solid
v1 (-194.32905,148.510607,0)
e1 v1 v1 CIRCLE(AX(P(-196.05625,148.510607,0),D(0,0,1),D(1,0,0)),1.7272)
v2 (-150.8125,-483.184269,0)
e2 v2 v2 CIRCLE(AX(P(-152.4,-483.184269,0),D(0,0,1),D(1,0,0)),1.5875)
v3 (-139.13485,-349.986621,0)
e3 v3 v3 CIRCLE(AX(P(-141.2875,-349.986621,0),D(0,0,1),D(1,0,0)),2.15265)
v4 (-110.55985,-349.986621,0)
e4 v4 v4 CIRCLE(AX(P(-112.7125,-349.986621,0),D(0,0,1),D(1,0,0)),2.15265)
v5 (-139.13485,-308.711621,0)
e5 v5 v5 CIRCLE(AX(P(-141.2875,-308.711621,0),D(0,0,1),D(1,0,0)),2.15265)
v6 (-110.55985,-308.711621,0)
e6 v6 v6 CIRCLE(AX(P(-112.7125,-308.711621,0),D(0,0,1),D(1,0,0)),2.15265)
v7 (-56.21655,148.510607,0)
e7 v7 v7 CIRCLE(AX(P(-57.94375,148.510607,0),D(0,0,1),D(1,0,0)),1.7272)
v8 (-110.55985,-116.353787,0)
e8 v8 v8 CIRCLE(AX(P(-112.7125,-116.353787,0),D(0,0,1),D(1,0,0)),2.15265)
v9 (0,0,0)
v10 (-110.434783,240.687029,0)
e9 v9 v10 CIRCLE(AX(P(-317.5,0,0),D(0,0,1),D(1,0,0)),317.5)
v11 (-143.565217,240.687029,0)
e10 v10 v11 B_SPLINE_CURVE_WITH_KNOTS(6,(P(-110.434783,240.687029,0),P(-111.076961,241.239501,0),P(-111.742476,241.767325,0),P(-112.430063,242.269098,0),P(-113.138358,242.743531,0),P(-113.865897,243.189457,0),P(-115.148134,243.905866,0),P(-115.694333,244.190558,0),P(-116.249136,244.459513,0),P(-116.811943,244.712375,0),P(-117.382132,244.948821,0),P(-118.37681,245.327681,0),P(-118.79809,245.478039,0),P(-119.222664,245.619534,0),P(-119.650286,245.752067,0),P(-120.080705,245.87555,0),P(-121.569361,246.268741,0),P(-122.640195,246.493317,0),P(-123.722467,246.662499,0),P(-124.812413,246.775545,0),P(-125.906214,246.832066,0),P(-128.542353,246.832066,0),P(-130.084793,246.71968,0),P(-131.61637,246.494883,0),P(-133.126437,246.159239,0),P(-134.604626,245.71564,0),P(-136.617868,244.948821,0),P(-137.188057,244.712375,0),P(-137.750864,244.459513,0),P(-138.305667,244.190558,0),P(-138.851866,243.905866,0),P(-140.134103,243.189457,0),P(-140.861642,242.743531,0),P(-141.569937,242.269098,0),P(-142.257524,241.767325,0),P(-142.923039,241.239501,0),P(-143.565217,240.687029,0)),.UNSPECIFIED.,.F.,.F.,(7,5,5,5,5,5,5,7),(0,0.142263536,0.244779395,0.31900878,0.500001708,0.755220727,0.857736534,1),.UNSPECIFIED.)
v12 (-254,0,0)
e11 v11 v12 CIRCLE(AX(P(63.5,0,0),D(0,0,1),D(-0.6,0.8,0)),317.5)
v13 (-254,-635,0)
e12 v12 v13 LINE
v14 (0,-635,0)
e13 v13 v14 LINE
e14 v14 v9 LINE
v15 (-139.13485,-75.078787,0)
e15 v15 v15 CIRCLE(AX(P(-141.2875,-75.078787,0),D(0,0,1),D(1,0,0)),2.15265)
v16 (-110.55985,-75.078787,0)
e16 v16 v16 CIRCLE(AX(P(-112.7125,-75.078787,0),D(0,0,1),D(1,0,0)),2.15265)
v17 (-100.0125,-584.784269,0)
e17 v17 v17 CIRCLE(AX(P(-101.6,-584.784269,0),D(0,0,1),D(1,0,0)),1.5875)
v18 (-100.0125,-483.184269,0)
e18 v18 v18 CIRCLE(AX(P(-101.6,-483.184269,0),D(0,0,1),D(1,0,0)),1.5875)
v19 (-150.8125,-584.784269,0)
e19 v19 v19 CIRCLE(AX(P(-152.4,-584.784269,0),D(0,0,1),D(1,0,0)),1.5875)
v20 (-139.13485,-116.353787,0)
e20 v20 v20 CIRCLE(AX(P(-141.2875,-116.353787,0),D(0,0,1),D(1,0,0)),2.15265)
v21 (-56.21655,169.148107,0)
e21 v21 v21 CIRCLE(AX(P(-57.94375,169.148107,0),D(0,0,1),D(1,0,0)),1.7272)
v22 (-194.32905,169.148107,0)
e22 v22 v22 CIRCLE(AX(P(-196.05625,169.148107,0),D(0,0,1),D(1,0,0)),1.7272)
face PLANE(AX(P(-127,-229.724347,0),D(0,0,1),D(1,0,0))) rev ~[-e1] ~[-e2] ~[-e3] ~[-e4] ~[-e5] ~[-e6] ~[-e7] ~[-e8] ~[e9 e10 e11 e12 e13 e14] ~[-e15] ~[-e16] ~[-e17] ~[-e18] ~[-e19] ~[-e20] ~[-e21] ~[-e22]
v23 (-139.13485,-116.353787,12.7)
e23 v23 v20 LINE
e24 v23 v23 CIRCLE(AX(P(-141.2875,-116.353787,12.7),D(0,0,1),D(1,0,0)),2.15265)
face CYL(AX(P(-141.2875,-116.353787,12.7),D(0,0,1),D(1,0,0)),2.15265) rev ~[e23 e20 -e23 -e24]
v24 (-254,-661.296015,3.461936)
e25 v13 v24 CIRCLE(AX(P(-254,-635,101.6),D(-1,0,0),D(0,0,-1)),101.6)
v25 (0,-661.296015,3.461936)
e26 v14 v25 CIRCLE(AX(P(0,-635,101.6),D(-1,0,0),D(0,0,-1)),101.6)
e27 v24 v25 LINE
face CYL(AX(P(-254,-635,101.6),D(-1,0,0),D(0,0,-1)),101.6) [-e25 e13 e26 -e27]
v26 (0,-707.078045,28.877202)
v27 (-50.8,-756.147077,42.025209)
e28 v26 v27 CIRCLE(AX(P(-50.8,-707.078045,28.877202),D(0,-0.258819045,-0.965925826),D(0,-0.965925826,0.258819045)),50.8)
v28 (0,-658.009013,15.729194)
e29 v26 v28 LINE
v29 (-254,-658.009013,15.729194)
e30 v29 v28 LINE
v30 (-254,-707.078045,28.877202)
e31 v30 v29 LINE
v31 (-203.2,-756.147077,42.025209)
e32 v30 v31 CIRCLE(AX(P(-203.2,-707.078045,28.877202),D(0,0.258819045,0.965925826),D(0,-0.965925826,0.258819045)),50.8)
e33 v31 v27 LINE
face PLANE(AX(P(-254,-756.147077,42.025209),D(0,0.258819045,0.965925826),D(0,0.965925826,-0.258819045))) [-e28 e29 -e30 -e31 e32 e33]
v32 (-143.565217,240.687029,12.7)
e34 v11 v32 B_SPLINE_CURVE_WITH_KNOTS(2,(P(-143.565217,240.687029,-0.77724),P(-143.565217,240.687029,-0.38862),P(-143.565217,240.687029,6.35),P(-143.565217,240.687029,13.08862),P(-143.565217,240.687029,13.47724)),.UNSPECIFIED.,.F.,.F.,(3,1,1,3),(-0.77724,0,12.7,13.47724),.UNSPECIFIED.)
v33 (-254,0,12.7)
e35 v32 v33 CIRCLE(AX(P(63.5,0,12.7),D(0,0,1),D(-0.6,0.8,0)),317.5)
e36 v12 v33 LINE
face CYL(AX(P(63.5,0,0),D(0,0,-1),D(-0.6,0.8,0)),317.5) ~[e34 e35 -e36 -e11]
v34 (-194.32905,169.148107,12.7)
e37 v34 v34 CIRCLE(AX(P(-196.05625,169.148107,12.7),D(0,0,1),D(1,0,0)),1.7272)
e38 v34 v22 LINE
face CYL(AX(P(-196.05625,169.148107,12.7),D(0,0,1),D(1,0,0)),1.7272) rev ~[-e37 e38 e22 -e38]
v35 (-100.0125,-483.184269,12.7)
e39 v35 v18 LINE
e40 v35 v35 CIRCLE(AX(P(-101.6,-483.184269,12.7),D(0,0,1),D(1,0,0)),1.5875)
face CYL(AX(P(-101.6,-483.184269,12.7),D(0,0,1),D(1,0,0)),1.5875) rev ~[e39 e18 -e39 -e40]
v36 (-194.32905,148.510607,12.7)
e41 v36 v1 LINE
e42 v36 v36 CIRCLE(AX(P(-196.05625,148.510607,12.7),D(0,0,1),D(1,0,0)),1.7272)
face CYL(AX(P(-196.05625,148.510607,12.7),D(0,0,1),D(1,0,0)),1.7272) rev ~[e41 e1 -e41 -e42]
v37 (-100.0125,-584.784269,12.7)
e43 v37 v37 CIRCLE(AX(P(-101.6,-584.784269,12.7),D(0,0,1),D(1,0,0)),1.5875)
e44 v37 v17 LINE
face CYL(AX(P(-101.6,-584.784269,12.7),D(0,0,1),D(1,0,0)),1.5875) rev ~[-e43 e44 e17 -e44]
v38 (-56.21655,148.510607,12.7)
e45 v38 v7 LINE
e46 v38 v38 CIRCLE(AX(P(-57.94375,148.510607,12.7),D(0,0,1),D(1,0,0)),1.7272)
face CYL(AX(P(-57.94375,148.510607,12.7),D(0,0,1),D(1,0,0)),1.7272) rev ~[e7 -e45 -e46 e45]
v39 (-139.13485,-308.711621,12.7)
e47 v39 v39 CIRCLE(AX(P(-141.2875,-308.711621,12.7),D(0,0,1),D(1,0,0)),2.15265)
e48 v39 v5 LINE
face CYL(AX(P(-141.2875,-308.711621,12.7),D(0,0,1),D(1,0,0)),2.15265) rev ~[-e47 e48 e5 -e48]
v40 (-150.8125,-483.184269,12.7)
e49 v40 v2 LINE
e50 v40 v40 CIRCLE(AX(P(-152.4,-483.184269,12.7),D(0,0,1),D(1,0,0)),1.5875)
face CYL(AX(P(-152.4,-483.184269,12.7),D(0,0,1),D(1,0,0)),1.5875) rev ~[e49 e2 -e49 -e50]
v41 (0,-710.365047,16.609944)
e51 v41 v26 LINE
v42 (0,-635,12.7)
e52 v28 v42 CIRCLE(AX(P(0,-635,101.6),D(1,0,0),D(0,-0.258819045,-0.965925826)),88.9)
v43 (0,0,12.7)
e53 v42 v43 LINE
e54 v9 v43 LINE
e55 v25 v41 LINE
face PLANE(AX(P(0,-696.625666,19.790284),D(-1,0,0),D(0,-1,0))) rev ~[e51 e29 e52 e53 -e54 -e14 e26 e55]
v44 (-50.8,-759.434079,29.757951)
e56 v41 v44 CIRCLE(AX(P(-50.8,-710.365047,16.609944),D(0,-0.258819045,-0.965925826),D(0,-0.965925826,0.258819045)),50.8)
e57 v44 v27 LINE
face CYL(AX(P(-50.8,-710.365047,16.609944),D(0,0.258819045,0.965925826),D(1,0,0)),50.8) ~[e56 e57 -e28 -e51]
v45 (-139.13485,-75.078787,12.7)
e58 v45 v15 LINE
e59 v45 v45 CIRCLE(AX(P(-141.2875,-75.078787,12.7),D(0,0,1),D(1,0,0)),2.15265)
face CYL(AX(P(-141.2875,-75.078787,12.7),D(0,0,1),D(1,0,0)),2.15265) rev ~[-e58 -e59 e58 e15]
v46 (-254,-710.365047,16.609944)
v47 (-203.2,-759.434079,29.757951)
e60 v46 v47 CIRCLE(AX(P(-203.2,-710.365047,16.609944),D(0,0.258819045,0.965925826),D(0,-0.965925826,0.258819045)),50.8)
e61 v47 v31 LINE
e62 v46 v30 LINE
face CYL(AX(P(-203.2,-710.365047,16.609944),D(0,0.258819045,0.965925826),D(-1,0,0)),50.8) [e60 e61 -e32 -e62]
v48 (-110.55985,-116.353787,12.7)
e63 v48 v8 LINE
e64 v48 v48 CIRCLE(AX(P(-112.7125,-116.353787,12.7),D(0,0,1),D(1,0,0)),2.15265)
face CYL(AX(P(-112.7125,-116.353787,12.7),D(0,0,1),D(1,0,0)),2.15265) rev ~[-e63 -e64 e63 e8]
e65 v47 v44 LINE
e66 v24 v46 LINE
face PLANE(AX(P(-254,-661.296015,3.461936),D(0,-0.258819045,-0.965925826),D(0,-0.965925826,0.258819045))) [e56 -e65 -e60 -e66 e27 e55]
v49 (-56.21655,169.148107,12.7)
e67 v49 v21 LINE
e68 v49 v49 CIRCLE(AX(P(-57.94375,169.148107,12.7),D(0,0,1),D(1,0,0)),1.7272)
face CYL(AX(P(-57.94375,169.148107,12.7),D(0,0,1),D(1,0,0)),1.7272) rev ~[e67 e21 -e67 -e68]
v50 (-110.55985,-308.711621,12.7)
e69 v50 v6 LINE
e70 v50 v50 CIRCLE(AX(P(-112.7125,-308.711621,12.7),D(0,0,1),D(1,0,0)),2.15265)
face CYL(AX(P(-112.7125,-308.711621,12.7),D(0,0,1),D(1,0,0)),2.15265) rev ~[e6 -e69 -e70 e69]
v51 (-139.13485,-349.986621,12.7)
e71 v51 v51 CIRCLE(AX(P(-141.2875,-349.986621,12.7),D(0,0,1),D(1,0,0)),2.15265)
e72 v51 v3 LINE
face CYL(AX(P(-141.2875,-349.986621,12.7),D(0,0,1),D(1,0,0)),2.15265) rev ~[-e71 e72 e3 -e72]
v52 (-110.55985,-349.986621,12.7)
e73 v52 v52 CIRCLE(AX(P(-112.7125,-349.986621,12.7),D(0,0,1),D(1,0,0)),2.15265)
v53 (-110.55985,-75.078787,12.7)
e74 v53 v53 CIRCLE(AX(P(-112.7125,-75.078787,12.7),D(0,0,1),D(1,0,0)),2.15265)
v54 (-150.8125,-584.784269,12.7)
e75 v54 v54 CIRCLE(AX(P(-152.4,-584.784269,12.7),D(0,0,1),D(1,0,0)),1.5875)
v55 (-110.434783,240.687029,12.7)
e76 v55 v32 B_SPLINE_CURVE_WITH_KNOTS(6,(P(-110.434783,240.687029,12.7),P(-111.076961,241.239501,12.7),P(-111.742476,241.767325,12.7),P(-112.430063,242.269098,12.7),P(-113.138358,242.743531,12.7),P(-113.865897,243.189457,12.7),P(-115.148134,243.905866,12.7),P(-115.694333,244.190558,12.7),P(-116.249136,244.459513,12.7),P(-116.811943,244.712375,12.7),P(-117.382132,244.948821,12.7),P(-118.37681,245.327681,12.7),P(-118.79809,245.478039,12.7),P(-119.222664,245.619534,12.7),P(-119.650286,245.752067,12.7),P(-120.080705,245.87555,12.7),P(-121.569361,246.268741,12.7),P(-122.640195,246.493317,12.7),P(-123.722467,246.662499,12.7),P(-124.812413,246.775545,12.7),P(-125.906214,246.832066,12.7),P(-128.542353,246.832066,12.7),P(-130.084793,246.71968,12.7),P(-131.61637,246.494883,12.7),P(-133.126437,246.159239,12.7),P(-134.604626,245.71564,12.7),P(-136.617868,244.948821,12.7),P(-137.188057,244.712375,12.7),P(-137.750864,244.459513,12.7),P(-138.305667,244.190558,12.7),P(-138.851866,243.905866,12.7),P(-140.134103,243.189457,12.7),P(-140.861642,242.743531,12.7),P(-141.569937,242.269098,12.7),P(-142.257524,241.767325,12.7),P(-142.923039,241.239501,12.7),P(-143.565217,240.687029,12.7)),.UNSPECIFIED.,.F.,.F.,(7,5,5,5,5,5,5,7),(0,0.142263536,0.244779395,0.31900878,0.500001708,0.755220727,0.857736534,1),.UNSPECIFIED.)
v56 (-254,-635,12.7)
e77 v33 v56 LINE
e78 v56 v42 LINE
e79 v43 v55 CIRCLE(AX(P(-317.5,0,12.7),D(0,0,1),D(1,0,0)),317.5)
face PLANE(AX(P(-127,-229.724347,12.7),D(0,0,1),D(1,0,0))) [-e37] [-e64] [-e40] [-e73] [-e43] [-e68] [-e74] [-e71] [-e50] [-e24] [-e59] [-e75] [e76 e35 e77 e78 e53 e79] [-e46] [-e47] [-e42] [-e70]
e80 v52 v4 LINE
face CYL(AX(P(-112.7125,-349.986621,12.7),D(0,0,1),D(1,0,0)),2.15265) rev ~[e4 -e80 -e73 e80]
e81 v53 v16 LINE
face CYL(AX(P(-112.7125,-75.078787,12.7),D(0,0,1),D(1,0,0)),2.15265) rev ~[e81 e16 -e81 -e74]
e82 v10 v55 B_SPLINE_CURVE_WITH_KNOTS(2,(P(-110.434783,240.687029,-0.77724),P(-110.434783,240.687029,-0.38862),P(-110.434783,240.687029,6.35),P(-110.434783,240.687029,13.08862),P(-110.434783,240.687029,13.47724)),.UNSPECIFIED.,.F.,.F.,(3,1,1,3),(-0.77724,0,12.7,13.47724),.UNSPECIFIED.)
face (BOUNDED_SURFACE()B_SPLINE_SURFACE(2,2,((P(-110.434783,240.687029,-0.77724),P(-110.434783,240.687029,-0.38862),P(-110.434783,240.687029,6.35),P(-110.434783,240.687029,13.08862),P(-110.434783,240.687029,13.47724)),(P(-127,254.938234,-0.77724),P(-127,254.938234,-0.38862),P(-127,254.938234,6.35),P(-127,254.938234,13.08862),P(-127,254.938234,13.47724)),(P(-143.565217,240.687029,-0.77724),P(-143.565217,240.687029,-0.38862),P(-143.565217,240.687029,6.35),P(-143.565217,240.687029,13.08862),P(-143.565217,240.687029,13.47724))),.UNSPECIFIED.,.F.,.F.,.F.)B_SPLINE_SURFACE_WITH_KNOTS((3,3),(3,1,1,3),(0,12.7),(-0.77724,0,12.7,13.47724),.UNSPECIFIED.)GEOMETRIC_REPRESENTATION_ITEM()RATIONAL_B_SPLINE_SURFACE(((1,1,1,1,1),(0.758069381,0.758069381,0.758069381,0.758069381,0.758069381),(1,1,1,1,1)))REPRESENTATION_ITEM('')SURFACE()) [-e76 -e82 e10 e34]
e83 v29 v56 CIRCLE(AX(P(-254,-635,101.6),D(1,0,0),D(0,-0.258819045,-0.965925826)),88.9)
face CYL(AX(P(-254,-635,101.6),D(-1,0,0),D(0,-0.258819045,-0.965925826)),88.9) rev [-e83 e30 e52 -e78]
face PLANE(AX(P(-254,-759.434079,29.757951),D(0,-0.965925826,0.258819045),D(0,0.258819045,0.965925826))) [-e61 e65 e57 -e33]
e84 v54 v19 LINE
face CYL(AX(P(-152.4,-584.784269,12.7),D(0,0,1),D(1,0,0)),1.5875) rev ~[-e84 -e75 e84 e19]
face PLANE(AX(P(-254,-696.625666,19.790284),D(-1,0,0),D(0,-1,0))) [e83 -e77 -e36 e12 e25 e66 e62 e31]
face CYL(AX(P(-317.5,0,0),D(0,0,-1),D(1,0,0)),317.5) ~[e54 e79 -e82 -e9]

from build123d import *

# Parameters (mm, degrees)
F1_DEPTH = 12.7
F2_R     = 25.4
F4_DEPTH = 254
F5_R     = 50.8
F6_R     = 2.15265
F6_R_2   = 1.5875
F6_R_3   = 1.7272
F7_DEPTH = 12.7


with BuildPart() as f1:
    # F0 (on Top) → F1 (new body)
    with BuildSketch(Plane.XY):
        with BuildLine():
            Line((-254, -635), (0, -635))
            Line((0, -635), (0, 0))
            ThreePointArc((0, 0), (-33.5193668575, 141.9903165712), (-127, 254))
            ThreePointArc((-127, 254), (-220.4806331425, 141.9903165712), (-254, 0))
            Line((-254, 0), (-254, -635))
        make_face()
    extrude(amount=F1_DEPTH)

    # F2
    f2_edges = [f1.edges().sort_by_distance(p)[0] for p in [
        (-127, 254, 6.35),
    ]]
    fillet(f2_edges, radius=F2_R)

    # F3 (on face) → F4 (join, through all)
    with BuildSketch(Plane(origin=(-254, 0, 0), x_dir=(0, -1, 0), z_dir=(-1, 0, 0))):
        with BuildLine():
            ThreePointArc((658.0090131096, 15.7291940429), (646.6037784884, 13.4605518239), (635, 12.7))
            Line((635, 12.7), (635, 0))
            ThreePointArc((635, 0), (648.2614611296, 0.8692020844), (661.2960149824, 3.461936049))
            Line((661.2960149824, 3.461936049), (759.4340789334, 29.7579510314))
            Line((759.4340789334, 29.7579510314), (756.1470770606, 42.0252090253))
            Line((756.1470770606, 42.0252090253), (658.0090131096, 15.7291940429))
        make_face()
    extrude(amount=-F4_DEPTH)

    # F5
    f5_edges = [f1.edges().sort_by_distance(p)[0] for p in [
        (0, -757.790578, 35.89158),
        (-254, -757.790578, 35.89158),
    ]]
    fillet(f5_edges, radius=F5_R)

    # F6 (on face) → F7 (cut, through all)
    with BuildSketch(Plane.XY.offset(12.7)):
        with Locations((-112.7125, -308.7116213322)):
            Circle(F6_R)
        with Locations((-141.2875, -308.7116213322)):
            Circle(F6_R)
        with Locations((-101.6, -584.7842693329)):
            Circle(F6_R_2)
        with Locations((-152.4, -584.7842693329)):
            Circle(F6_R_2)
        with Locations((-152.4, -483.1842693329)):
            Circle(F6_R_2)
        with Locations((-101.6, -483.1842693329)):
            Circle(F6_R_2)
        with Locations((-141.2875, -75.0787870646)):
            Circle(F6_R)
        with Locations((-112.7125, -75.0787870646)):
            Circle(F6_R)
        with Locations((-112.7125, -116.3537870646)):
            Circle(F6_R)
        with Locations((-141.2875, -116.3537870646)):
            Circle(F6_R)
        with Locations((-141.2875, -349.9866213322)):
            Circle(F6_R)
        with Locations((-112.7125, -349.9866213322)):
            Circle(F6_R)
        with Locations((-57.94375, 169.1481069684)):
            Circle(F6_R_3)
        with Locations((-57.94375, 148.5106069684)):
            Circle(F6_R_3)
        with Locations((-196.05625, 148.5106069684)):
            Circle(F6_R_3)
        with Locations((-196.05625, 169.1481069684)):
            Circle(F6_R_3)
    extrude(amount=-F7_DEPTH, mode=Mode.SUBTRACT)


solid = f1.part
